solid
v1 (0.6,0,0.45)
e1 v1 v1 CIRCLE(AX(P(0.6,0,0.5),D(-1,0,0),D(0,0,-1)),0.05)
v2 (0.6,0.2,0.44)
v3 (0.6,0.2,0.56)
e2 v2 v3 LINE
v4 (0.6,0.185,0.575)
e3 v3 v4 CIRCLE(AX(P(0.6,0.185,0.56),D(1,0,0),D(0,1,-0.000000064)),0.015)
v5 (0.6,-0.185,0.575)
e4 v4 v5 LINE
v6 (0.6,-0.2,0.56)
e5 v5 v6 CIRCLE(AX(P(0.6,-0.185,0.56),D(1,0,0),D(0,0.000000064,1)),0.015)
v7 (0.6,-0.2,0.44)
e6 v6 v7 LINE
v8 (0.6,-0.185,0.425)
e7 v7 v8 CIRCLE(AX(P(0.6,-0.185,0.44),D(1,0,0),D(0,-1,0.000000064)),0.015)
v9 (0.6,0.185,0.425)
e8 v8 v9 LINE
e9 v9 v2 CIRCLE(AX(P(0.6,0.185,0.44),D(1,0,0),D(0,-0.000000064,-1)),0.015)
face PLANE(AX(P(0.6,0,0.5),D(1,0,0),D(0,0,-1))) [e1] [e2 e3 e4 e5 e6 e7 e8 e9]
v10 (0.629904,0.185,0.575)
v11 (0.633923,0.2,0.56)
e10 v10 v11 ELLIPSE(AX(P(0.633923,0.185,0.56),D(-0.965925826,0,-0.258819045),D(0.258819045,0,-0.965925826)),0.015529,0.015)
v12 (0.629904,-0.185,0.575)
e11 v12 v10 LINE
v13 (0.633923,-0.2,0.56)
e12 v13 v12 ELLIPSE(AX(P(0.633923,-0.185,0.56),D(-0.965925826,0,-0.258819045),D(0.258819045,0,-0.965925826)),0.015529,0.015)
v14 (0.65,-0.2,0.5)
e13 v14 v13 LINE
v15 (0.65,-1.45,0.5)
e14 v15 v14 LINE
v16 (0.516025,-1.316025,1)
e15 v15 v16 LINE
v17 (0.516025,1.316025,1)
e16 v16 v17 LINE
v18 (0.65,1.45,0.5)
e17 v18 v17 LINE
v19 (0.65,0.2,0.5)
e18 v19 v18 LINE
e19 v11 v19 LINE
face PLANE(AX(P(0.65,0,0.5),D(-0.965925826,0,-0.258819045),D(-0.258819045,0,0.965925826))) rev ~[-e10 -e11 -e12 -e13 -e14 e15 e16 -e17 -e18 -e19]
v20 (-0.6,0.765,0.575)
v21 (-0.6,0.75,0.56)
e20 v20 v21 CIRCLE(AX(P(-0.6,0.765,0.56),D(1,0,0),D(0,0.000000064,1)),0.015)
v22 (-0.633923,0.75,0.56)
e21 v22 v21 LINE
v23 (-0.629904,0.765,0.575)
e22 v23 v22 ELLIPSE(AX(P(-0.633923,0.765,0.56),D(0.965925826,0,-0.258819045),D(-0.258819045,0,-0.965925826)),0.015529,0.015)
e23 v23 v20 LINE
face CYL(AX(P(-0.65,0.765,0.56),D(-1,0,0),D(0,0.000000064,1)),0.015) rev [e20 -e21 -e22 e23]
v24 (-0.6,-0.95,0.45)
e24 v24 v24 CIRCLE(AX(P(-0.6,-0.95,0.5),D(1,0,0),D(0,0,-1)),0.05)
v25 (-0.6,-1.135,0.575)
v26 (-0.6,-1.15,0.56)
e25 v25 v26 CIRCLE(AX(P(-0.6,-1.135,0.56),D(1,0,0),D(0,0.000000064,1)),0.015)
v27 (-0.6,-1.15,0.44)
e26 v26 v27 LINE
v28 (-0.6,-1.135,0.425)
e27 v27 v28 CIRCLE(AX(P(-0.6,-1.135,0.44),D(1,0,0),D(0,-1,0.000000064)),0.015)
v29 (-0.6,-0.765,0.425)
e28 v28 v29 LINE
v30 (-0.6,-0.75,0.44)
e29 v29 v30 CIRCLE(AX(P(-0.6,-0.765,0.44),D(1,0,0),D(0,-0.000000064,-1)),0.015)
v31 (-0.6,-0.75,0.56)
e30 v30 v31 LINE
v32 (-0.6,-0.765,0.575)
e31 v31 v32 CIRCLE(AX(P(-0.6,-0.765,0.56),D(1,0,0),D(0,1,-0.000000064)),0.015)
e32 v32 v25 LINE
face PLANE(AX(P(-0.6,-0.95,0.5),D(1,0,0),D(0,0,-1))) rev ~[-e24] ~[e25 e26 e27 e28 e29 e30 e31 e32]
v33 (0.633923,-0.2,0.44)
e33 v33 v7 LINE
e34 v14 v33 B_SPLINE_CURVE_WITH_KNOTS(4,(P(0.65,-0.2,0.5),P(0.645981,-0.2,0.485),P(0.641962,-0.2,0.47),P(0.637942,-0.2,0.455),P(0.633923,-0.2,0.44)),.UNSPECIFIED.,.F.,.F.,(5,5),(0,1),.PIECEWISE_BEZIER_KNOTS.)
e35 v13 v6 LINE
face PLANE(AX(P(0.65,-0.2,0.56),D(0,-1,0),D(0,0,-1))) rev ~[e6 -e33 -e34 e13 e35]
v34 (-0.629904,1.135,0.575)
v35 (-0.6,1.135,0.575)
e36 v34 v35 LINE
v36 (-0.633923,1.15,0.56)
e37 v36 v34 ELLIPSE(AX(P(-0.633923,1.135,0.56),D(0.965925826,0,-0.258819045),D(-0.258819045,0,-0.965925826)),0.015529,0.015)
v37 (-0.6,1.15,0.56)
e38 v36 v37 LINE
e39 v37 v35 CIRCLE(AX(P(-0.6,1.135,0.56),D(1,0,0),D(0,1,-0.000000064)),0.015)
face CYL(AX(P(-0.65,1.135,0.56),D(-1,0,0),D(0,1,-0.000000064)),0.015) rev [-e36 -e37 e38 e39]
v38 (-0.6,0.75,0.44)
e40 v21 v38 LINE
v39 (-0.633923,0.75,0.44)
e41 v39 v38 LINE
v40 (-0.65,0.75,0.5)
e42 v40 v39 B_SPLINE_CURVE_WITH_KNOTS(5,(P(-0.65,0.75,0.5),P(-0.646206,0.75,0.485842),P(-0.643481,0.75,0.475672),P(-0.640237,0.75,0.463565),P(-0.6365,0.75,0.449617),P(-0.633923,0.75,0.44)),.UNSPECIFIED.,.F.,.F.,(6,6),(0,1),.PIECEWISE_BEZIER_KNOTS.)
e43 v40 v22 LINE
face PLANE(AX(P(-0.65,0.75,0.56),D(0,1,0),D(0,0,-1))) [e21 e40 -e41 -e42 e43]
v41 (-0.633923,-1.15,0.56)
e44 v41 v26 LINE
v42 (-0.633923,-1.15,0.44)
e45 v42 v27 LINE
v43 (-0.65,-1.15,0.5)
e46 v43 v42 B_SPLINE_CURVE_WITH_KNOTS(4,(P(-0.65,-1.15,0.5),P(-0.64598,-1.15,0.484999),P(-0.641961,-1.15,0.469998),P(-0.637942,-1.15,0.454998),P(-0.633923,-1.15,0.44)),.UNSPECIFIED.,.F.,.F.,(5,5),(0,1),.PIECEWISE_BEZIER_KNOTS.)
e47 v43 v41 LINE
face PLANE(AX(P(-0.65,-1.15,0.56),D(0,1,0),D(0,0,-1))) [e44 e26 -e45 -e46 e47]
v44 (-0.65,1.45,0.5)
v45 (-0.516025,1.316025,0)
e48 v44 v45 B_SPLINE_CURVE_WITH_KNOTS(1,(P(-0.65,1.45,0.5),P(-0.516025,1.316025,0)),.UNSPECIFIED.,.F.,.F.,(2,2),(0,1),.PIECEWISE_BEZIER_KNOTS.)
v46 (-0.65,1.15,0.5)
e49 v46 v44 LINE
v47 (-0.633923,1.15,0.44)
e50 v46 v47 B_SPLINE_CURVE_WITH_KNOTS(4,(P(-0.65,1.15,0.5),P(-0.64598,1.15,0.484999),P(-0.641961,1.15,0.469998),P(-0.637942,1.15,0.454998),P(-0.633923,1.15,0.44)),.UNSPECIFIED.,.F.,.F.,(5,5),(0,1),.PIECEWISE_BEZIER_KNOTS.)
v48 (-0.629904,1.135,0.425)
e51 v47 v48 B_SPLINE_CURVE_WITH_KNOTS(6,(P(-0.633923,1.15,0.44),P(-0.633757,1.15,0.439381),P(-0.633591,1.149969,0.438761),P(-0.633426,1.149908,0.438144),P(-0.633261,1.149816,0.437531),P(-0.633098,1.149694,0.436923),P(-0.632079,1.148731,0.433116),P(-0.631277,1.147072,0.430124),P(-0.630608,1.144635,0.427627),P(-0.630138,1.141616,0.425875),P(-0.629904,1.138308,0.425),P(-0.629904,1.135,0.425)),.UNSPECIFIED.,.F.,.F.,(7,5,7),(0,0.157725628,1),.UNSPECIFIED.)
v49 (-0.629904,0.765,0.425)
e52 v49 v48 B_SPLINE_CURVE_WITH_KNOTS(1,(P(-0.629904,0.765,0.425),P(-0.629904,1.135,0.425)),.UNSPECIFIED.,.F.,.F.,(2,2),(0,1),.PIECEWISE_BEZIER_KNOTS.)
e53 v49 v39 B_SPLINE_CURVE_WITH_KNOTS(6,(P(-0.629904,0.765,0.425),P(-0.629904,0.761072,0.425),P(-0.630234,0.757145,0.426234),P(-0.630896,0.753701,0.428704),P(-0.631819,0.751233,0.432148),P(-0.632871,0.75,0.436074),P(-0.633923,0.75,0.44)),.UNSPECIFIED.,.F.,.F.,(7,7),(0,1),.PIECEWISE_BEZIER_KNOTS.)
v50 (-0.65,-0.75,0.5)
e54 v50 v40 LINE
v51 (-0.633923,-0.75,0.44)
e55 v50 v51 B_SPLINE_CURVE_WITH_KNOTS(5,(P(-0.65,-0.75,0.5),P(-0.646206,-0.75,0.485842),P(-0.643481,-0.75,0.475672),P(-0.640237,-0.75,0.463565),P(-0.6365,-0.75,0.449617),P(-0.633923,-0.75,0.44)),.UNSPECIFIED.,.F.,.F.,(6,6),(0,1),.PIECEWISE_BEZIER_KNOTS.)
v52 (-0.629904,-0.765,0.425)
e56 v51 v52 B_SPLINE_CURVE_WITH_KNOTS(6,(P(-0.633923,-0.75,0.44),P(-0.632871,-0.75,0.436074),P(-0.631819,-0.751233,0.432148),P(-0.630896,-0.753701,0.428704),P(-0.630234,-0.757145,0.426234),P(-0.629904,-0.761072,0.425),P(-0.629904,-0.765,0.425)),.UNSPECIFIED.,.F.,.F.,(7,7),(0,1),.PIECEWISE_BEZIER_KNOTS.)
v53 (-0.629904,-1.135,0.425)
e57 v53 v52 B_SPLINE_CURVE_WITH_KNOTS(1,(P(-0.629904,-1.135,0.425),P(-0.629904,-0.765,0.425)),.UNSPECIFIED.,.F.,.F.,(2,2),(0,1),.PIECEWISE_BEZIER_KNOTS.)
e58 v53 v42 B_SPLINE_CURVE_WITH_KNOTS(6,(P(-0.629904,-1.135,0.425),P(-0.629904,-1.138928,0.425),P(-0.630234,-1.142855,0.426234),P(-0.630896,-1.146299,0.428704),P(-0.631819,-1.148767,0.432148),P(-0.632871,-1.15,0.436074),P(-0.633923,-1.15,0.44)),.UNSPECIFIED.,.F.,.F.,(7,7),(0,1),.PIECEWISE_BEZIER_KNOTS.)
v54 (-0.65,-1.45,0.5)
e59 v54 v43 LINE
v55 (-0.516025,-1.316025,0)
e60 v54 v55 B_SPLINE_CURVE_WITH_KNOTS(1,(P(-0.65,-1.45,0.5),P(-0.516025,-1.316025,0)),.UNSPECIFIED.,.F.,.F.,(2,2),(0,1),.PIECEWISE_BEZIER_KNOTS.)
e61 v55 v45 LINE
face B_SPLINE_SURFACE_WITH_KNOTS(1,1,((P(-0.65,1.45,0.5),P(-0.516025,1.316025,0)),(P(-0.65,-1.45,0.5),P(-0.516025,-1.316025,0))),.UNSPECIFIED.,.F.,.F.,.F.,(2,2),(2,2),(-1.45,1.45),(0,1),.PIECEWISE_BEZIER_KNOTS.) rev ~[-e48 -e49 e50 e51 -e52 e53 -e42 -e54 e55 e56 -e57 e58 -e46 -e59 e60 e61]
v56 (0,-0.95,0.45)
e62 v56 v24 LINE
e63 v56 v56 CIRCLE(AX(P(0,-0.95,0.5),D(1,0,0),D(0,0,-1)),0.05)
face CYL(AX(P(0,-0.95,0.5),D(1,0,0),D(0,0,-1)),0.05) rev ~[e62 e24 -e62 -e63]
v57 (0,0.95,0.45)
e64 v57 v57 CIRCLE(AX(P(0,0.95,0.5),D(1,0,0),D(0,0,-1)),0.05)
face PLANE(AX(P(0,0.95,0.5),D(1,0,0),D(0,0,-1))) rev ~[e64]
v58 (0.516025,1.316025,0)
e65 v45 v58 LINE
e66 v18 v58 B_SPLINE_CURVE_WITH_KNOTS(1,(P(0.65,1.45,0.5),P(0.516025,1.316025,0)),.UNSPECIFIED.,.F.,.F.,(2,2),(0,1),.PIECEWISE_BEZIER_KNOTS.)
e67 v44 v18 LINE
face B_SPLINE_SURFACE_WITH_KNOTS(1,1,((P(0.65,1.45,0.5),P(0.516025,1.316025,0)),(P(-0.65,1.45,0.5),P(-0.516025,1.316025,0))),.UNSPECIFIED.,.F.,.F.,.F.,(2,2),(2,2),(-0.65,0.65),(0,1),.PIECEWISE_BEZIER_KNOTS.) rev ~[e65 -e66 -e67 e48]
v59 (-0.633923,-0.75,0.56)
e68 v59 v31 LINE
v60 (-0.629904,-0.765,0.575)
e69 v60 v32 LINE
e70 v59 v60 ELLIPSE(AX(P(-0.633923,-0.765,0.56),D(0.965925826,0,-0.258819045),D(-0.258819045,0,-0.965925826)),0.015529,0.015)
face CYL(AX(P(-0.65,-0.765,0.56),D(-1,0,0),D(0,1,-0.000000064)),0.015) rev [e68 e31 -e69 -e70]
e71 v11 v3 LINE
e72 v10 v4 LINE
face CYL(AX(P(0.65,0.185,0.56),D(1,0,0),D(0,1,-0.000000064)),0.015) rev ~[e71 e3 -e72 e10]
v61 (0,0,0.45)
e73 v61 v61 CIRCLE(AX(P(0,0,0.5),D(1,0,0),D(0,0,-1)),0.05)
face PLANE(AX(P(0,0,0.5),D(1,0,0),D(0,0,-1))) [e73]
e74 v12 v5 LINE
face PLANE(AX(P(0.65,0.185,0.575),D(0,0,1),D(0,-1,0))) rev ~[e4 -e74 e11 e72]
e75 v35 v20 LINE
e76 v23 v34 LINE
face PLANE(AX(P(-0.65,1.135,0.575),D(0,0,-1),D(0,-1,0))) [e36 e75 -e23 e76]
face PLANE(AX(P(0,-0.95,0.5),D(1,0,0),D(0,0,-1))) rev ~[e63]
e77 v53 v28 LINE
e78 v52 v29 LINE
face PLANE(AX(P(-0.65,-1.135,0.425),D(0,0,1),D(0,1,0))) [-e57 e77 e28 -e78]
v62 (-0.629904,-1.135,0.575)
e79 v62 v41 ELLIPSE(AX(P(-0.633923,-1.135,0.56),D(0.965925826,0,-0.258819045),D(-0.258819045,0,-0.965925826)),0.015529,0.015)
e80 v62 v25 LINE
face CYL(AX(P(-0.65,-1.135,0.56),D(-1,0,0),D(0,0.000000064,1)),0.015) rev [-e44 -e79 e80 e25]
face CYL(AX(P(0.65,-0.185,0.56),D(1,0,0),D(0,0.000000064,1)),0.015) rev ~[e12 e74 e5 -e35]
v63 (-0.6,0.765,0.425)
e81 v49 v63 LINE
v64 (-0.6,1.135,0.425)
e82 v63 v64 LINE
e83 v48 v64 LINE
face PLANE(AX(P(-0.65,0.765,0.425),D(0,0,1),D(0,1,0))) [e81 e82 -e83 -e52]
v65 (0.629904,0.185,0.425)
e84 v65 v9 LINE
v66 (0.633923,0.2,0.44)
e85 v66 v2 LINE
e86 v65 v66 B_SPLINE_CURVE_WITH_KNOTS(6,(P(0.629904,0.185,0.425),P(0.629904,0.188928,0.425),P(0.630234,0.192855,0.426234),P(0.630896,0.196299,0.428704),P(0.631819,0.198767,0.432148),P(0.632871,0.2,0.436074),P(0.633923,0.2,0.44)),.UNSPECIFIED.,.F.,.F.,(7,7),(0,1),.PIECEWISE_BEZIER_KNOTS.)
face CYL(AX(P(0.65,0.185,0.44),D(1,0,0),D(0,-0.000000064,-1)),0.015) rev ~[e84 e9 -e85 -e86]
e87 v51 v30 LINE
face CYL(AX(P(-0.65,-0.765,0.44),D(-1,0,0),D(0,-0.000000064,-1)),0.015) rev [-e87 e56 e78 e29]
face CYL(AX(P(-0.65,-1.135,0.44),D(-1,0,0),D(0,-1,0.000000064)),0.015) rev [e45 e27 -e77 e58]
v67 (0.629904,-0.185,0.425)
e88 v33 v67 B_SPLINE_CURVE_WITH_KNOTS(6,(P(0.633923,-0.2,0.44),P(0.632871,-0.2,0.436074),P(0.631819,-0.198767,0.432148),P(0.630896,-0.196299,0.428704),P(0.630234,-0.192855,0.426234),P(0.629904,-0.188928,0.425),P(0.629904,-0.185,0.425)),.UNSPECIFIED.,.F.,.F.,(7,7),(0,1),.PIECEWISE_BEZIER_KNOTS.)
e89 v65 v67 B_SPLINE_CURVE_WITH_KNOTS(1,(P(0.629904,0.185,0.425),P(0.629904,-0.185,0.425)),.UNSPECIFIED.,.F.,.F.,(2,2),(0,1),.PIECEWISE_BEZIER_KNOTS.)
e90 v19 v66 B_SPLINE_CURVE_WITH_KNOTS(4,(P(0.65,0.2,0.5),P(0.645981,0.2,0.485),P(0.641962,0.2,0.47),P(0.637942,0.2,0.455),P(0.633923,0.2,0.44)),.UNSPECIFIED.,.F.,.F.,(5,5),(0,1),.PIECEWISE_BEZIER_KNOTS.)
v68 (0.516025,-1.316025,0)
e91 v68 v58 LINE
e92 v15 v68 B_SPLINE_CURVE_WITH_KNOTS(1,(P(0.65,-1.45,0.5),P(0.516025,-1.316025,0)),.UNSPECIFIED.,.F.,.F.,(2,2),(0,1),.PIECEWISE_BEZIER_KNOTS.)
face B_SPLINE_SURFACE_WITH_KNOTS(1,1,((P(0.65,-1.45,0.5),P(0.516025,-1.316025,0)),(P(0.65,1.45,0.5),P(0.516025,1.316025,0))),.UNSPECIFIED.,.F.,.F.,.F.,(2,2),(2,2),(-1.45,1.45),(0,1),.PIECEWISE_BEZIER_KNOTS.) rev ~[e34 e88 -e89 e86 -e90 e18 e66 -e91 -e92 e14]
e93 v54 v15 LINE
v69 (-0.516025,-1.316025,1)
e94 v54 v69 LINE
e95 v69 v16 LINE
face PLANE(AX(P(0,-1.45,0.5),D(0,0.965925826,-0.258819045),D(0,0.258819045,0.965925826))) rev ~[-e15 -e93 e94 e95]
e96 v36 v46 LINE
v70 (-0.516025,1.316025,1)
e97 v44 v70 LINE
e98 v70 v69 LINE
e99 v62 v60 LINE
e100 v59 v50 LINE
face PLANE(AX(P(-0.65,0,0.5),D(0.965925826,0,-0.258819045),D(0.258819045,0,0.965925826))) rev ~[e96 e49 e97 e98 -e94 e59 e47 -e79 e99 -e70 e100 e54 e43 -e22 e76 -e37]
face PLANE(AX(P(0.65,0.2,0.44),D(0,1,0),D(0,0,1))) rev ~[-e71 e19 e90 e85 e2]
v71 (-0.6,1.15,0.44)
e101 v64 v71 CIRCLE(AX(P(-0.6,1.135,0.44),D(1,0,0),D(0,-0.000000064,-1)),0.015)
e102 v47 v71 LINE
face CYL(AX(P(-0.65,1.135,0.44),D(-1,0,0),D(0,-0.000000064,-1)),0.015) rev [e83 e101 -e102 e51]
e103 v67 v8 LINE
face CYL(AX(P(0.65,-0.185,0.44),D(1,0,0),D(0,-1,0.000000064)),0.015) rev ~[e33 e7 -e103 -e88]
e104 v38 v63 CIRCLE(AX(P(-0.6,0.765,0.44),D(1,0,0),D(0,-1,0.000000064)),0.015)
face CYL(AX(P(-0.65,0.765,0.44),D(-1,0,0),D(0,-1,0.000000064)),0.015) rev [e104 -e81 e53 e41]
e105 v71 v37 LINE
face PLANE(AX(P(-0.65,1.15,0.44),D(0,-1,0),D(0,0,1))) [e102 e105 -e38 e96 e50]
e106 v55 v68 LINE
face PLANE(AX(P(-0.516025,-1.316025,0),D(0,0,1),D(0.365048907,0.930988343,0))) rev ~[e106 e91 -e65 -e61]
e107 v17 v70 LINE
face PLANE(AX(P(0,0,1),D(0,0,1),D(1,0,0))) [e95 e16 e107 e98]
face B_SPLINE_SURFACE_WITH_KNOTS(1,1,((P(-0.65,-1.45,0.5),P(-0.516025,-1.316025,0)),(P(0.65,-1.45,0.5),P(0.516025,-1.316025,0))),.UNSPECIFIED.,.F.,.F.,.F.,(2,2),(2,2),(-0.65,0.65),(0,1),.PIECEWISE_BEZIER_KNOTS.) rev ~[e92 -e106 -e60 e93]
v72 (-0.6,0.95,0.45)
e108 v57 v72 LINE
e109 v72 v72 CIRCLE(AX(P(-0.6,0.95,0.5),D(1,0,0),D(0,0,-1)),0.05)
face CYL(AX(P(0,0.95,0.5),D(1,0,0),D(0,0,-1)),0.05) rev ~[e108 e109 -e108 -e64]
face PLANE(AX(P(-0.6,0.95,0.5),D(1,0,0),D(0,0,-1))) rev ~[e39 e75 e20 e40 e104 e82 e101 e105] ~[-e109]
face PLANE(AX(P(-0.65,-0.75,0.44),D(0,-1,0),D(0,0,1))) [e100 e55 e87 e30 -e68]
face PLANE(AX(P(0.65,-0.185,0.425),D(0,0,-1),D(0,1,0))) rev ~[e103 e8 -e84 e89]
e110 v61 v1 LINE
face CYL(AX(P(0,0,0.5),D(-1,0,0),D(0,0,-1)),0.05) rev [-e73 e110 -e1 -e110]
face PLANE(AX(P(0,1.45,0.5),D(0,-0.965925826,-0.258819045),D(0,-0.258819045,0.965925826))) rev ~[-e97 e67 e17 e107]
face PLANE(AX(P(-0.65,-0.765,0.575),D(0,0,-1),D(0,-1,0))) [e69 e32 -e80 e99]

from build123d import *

# Parameters (mm, degrees)
ESBO_O15_W                         = 1.3
ESBO_O15_H                         = 2.9
RESSALTO_EXTRUS_O1_DEPTH           = 0.5
RESSALTO_EXTRUS_O1_TAPER           = 15
RESSALTO_EXTRUS_O1_OTHER_WAY_DEPTH = 0.5
RESSALTO_EXTRUS_O1_OTHER_WAY_TAPER = 15
ESBO_O18_R                         = 0.05
CORTE_EXTRUS_O1_DEPTH              = 1
ESBO_O18_3_R                       = 0.05
CORTE_EXTRUS_O2_DEPTH              = 1
CORTE_EXTRUS_O3_DEPTH              = 0.05
CORTE_EXTRUS_O4_START              = 1.3
CORTE_EXTRUS_O4_DEPTH              = 0.05


with BuildPart() as part:
    # Esbo_o15 → Ressalto-extrus_o1 (new body)
    with BuildSketch(Plane.XY.offset(0.5)):
        Rectangle(ESBO_O15_W, ESBO_O15_H)
    extrude(amount=-RESSALTO_EXTRUS_O1_DEPTH, taper=RESSALTO_EXTRUS_O1_TAPER)

    # Esbo_o15 → Ressalto-extrus_o1 other way (add)
    with BuildSketch(Plane.XY.offset(0.5)):
        Rectangle(ESBO_O15_W, ESBO_O15_H)
    extrude(amount=RESSALTO_EXTRUS_O1_OTHER_WAY_DEPTH, taper=RESSALTO_EXTRUS_O1_OTHER_WAY_TAPER)

    # Esbo_o18 → Corte-extrus_o1 (cut)
    with BuildSketch(Plane(origin=(0, 0, 0), x_dir=(0, 0, -1), z_dir=(1, 0, 0))):
        with Locations((-0.5, 0.95)):
            Circle(ESBO_O18_R)
        with Locations((-0.5, -0.95)):
            Circle(ESBO_O18_R)
    extrude(amount=-CORTE_EXTRUS_O1_DEPTH, mode=Mode.SUBTRACT)

    # Esbo_o18_3 → Corte-extrus_o2 (cut)
    with BuildSketch(Plane(origin=(0, 0, 0), x_dir=(0, 0, -1), z_dir=(1, 0, 0))):
        with Locations((-0.5, 0)):
            Circle(ESBO_O18_3_R)
    extrude(amount=CORTE_EXTRUS_O2_DEPTH, mode=Mode.SUBTRACT)

    # Esbo_o19 → Corte-extrus_o3 (cut)
    with BuildSketch(Plane(origin=(-0.65, 0, 0), x_dir=(0, 0, -1), z_dir=(1, 0, 0))):
        with BuildLine():
            Line((-0.44, 1.15), (-0.56, 1.15))
            ThreePointArc((-0.56, 1.15), (-0.570606602, 1.145606602), (-0.575, 1.135))
            Line((-0.575, 1.135), (-0.575, 0.765))
            ThreePointArc((-0.575, 0.765), (-0.570606602, 0.754393398), (-0.56, 0.75))
            Line((-0.56, 0.75), (-0.44, 0.75))
            ThreePointArc((-0.44, 0.75), (-0.429393398, 0.754393398), (-0.425, 0.765))
            Line((-0.425, 0.765), (-0.425, 1.135))
            ThreePointArc((-0.425, 1.135), (-0.429393398, 1.145606602), (-0.44, 1.15))
        make_face()
        with BuildLine():
            Line((-0.44, -0.75), (-0.56, -0.75))
            ThreePointArc((-0.56, -0.75), (-0.570606602, -0.754393398), (-0.575, -0.765))
            Line((-0.575, -0.765), (-0.575, -1.135))
            ThreePointArc((-0.575, -1.135), (-0.570606602, -1.145606602), (-0.56, -1.15))
            Line((-0.56, -1.15), (-0.44, -1.15))
            ThreePointArc((-0.44, -1.15), (-0.429393398, -1.145606602), (-0.425, -1.135))
            Line((-0.425, -1.135), (-0.425, -0.765))
            ThreePointArc((-0.425, -0.765), (-0.429393398, -0.754393398), (-0.44, -0.75))
        make_face()
    extrude(amount=CORTE_EXTRUS_O3_DEPTH, mode=Mode.SUBTRACT)

    # Esbo_o19_3 → Corte-extrus_o4 (cut)
    with BuildSketch(Plane(origin=(-0.65, 0, 0), x_dir=(0, 0, -1), z_dir=(1, 0, 0)).offset(CORTE_EXTRUS_O4_START)):
        with BuildLine():
            Line((-0.44, 0.2), (-0.56, 0.2))
            ThreePointArc((-0.56, 0.2), (-0.570606602, 0.195606602), (-0.575, 0.185))
            Line((-0.575, 0.185), (-0.575, -0.185))
            ThreePointArc((-0.575, -0.185), (-0.570606602, -0.195606602), (-0.56, -0.2))
            Line((-0.56, -0.2), (-0.44, -0.2))
            ThreePointArc((-0.44, -0.2), (-0.429393398, -0.195606602), (-0.425, -0.185))
            Line((-0.425, -0.185), (-0.425, 0.185))
            ThreePointArc((-0.425, 0.185), (-0.429393398, 0.195606602), (-0.44, 0.2))
        make_face()
    extrude(amount=-CORTE_EXTRUS_O4_DEPTH, mode=Mode.SUBTRACT)


solid = part.part
